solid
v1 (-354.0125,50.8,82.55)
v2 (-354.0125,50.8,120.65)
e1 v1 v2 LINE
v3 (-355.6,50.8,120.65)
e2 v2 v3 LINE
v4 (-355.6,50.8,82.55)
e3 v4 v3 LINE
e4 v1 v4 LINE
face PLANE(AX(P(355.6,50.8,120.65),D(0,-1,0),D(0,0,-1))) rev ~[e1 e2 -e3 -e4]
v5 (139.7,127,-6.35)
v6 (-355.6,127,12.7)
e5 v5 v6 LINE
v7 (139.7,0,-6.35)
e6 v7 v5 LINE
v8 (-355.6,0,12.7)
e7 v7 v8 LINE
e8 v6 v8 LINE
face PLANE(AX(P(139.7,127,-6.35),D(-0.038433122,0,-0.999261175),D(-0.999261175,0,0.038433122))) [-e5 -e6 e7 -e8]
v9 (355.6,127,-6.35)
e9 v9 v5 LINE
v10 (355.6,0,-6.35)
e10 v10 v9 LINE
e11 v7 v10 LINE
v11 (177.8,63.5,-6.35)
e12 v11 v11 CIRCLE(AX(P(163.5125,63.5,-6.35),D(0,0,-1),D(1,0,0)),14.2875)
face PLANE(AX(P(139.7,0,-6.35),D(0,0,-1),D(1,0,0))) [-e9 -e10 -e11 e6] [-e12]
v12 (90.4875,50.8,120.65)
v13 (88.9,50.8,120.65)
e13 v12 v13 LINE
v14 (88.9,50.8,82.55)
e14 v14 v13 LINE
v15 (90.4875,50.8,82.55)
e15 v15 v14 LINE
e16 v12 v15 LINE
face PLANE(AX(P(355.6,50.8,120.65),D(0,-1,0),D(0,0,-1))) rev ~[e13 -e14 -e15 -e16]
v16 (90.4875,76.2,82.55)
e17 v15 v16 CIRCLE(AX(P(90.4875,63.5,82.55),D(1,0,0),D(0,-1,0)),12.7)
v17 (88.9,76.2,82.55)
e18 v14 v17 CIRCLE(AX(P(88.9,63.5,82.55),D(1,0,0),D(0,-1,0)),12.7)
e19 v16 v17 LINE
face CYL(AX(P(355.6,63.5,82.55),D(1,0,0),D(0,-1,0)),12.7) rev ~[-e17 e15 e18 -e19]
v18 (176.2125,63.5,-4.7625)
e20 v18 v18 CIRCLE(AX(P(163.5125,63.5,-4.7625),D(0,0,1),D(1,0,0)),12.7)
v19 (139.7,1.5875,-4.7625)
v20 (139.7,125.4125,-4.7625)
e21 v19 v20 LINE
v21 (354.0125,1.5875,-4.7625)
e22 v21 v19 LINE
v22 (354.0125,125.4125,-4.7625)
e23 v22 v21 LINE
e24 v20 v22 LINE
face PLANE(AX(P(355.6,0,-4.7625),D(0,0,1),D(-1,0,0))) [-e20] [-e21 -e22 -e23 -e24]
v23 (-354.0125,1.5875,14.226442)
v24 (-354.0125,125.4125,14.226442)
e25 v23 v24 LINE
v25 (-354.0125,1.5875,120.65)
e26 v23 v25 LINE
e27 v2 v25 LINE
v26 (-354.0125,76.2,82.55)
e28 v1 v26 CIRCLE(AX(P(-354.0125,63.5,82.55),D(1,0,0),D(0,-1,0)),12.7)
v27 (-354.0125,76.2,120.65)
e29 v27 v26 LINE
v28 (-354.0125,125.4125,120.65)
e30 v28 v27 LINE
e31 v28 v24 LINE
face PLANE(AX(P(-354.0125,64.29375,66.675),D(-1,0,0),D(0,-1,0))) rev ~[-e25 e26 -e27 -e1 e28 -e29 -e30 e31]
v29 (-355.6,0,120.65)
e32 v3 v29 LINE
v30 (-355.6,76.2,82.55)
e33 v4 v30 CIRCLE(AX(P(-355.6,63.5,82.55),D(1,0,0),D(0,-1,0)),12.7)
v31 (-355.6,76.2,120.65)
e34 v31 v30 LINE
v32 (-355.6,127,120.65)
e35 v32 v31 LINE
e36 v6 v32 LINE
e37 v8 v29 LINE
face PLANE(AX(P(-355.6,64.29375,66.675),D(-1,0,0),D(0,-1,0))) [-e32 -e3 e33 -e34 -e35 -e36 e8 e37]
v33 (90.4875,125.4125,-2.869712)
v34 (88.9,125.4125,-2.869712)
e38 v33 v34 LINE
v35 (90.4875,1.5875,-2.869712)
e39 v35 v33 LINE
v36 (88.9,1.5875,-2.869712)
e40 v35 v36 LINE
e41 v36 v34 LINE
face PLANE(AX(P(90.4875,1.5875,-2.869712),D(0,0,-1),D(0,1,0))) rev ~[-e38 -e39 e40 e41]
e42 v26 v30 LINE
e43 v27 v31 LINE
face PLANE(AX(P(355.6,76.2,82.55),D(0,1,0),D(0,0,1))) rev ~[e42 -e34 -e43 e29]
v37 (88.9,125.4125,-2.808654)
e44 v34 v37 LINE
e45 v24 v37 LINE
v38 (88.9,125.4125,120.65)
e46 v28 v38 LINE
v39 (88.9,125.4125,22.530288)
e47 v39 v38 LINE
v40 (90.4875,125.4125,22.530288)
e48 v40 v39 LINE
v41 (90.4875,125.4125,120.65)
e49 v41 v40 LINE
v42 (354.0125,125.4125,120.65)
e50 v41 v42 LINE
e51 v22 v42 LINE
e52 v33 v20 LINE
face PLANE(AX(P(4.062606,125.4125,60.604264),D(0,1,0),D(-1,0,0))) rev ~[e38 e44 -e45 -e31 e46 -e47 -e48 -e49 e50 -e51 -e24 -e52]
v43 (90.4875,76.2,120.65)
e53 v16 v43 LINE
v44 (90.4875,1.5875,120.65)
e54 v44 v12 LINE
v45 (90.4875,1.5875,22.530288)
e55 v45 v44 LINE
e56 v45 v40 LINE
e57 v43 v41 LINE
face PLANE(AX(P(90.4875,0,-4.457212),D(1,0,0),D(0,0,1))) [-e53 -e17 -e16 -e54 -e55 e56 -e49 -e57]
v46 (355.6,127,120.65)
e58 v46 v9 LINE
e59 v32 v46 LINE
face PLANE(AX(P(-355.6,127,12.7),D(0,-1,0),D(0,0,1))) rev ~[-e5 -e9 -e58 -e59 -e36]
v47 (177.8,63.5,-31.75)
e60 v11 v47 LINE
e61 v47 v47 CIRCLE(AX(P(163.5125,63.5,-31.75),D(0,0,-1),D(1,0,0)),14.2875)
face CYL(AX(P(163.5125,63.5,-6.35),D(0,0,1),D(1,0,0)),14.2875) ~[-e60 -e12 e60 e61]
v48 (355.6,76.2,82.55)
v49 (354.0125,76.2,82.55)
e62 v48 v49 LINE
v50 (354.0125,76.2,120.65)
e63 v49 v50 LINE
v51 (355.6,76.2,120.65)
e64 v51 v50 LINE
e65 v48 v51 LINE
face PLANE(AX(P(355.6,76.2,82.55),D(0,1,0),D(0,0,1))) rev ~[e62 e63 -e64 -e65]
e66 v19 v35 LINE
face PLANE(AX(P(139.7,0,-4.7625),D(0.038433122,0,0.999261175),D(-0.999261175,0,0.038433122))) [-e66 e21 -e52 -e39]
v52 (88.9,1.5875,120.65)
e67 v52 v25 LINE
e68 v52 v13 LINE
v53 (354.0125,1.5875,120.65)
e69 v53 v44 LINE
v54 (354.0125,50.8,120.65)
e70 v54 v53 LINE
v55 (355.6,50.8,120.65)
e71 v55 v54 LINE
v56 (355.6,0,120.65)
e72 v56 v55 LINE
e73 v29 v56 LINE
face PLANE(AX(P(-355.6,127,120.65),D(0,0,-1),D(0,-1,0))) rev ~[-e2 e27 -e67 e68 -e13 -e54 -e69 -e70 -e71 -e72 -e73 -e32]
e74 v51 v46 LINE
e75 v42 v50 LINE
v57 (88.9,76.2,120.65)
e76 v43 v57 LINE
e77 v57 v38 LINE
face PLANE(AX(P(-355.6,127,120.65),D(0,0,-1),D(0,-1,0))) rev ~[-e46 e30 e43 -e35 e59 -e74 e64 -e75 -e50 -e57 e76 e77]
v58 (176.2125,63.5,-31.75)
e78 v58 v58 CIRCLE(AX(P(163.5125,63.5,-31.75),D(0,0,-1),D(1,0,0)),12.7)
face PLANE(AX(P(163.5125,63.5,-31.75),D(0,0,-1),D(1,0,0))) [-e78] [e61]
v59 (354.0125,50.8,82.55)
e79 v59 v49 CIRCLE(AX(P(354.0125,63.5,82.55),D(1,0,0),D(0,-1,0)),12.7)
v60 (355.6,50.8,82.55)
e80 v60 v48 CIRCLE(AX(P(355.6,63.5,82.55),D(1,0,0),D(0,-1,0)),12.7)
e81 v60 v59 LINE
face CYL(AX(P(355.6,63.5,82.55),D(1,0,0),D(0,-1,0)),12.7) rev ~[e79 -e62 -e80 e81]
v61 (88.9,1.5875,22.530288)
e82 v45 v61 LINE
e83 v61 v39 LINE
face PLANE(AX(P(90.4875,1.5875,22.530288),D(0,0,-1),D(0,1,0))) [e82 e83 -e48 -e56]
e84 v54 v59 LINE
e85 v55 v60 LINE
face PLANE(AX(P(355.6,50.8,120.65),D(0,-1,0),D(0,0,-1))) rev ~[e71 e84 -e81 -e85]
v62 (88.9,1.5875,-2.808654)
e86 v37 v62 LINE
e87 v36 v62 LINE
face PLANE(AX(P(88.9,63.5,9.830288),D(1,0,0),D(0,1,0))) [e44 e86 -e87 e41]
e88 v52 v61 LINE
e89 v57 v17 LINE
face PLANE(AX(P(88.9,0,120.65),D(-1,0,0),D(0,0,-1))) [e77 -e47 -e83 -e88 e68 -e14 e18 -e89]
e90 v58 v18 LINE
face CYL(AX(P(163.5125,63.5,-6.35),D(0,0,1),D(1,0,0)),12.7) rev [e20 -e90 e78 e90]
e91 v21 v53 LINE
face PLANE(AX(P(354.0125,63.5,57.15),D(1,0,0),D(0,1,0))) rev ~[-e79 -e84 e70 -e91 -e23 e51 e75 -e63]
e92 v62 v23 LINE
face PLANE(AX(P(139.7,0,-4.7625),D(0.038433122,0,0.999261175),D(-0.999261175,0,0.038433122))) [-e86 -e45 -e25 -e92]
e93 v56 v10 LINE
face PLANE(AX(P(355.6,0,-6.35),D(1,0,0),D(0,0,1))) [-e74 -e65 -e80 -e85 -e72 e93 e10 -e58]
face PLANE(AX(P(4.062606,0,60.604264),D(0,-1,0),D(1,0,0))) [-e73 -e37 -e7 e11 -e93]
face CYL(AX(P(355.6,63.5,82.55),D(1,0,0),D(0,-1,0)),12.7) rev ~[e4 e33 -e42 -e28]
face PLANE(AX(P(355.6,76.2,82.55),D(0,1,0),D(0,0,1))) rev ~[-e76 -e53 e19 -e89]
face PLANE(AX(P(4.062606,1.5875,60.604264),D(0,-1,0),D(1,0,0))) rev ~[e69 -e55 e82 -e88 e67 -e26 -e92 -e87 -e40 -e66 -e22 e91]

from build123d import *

# Parameters (mm, degrees)
F1_DEPTH  = 1.5875
F2_W      = 125.4125
F2_H      = 107.95
F3_DEPTH  = 1.5875
F4_W      = 127
F4_H      = 127
F4_W_2    = 125.4125
F5_DEPTH  = 1.5875
F7_DEPTH  = 1.5875
F9_DEPTH  = 127
F11_DEPTH = 127
F13_DEPTH = 711.201
F14_R     = 12.7
F15_DEPTH = 25.4
F16_R     = 14.2875
F16_R_2   = 12.7
F17_DEPTH = 25.4
F18_W     = 123.825
F18_H     = 25.4
F19_DEPTH = 1.5875


with BuildPart() as f1:
    # F0 (on Front) → F1 (new body)
    with BuildSketch(Plane.XZ):
        Polygon((355.6, 120.65), (-355.6, 120.65), (-355.6, 12.7), (139.7, -6.35), (355.6, -6.35), align=None)
    extrude(amount=-F1_DEPTH)

    # F2 (on face) → F3 (join)
    with BuildSketch(Plane(origin=(-355.6, 0, 0), x_dir=(0, -1, 0), z_dir=(-1, 0, 0))):
        with Locations((-64.29375, 66.675)):
            Rectangle(F2_W, F2_H)
    extrude(amount=-F3_DEPTH)

    # F4 (on face) → F5 (join)
    with BuildSketch(Plane.YZ.offset(355.6)):
        with Locations((63.5, 57.15)):
            Rectangle(F4_W, F4_H)
        with Locations((64.29375, 57.15)):
            Rectangle(F4_W_2, F4_H)
    extrude(amount=-F5_DEPTH)

    # F6 (on face) → F7 (join)
    with BuildSketch(Plane(origin=(0, 127, 0), x_dir=(-1, 0, 0), z_dir=(0, 1, 0))):
        Polygon((355.6, 12.7), (355.6, 120.65), (-355.6, 120.65), (-355.6, -6.35), (-139.7, -6.35), align=None)
    extrude(amount=-F7_DEPTH)

    # F8 (on face) → F9 (join)
    with BuildSketch(Plane.XZ):
        Polygon((-355.6, 14.2875), (-355.6, 12.7), (139.7, -6.35), (355.6, -6.35), (355.6, -4.7625), (139.7, -4.7625), align=None)
    extrude(amount=-F9_DEPTH)

    # F10 (on face) → F11 (join)
    with BuildSketch(Plane.XZ):
        Polygon((90.4875, 120.65), (88.9, 120.65), (88.9, -4.396154), (90.4875, -4.457212), align=None)
    extrude(amount=-F11_DEPTH)

    # F12 (on face) → F13 (cut, through all)
    with BuildSketch(Plane.YZ.offset(355.6)):
        with BuildLine():
            Line((50.8, 120.65), (50.8, 82.55))
            ThreePointArc((50.8, 82.55), (63.5, 69.85), (76.2, 82.55))
            Line((76.2, 82.55), (76.2, 120.65))
            Line((76.2, 120.65), (63.5, 120.65))
            Line((63.5, 120.65), (50.8, 120.65))
        make_face()
    extrude(amount=-F13_DEPTH, mode=Mode.SUBTRACT)

    # F14 (on face) → F15 (cut)
    with BuildSketch(Plane.XY.offset(-4.7625)):
        with Locations((163.5125, 63.5)):
            Circle(F14_R)
    extrude(amount=-F15_DEPTH, mode=Mode.SUBTRACT)

    # F16 (on face) → F17 (join)
    with BuildSketch(Plane(origin=(0, 0, -6.35), x_dir=(1, 0, 0), z_dir=(0, 0, -1))):
        with Locations((163.5125, -63.5)):
            Circle(F16_R)
        with Locations((163.5125, -63.5)):
            Circle(F16_R_2, mode=Mode.SUBTRACT)
    extrude(amount=F17_DEPTH)

    # F18 (on face) → F19 (cut)
    with BuildSketch(Plane.YZ.offset(90.4875)):
        with Locations((63.5, 9.830288)):
            Rectangle(F18_W, F18_H)
    extrude(amount=-F19_DEPTH, mode=Mode.SUBTRACT)


solid = f1.part
